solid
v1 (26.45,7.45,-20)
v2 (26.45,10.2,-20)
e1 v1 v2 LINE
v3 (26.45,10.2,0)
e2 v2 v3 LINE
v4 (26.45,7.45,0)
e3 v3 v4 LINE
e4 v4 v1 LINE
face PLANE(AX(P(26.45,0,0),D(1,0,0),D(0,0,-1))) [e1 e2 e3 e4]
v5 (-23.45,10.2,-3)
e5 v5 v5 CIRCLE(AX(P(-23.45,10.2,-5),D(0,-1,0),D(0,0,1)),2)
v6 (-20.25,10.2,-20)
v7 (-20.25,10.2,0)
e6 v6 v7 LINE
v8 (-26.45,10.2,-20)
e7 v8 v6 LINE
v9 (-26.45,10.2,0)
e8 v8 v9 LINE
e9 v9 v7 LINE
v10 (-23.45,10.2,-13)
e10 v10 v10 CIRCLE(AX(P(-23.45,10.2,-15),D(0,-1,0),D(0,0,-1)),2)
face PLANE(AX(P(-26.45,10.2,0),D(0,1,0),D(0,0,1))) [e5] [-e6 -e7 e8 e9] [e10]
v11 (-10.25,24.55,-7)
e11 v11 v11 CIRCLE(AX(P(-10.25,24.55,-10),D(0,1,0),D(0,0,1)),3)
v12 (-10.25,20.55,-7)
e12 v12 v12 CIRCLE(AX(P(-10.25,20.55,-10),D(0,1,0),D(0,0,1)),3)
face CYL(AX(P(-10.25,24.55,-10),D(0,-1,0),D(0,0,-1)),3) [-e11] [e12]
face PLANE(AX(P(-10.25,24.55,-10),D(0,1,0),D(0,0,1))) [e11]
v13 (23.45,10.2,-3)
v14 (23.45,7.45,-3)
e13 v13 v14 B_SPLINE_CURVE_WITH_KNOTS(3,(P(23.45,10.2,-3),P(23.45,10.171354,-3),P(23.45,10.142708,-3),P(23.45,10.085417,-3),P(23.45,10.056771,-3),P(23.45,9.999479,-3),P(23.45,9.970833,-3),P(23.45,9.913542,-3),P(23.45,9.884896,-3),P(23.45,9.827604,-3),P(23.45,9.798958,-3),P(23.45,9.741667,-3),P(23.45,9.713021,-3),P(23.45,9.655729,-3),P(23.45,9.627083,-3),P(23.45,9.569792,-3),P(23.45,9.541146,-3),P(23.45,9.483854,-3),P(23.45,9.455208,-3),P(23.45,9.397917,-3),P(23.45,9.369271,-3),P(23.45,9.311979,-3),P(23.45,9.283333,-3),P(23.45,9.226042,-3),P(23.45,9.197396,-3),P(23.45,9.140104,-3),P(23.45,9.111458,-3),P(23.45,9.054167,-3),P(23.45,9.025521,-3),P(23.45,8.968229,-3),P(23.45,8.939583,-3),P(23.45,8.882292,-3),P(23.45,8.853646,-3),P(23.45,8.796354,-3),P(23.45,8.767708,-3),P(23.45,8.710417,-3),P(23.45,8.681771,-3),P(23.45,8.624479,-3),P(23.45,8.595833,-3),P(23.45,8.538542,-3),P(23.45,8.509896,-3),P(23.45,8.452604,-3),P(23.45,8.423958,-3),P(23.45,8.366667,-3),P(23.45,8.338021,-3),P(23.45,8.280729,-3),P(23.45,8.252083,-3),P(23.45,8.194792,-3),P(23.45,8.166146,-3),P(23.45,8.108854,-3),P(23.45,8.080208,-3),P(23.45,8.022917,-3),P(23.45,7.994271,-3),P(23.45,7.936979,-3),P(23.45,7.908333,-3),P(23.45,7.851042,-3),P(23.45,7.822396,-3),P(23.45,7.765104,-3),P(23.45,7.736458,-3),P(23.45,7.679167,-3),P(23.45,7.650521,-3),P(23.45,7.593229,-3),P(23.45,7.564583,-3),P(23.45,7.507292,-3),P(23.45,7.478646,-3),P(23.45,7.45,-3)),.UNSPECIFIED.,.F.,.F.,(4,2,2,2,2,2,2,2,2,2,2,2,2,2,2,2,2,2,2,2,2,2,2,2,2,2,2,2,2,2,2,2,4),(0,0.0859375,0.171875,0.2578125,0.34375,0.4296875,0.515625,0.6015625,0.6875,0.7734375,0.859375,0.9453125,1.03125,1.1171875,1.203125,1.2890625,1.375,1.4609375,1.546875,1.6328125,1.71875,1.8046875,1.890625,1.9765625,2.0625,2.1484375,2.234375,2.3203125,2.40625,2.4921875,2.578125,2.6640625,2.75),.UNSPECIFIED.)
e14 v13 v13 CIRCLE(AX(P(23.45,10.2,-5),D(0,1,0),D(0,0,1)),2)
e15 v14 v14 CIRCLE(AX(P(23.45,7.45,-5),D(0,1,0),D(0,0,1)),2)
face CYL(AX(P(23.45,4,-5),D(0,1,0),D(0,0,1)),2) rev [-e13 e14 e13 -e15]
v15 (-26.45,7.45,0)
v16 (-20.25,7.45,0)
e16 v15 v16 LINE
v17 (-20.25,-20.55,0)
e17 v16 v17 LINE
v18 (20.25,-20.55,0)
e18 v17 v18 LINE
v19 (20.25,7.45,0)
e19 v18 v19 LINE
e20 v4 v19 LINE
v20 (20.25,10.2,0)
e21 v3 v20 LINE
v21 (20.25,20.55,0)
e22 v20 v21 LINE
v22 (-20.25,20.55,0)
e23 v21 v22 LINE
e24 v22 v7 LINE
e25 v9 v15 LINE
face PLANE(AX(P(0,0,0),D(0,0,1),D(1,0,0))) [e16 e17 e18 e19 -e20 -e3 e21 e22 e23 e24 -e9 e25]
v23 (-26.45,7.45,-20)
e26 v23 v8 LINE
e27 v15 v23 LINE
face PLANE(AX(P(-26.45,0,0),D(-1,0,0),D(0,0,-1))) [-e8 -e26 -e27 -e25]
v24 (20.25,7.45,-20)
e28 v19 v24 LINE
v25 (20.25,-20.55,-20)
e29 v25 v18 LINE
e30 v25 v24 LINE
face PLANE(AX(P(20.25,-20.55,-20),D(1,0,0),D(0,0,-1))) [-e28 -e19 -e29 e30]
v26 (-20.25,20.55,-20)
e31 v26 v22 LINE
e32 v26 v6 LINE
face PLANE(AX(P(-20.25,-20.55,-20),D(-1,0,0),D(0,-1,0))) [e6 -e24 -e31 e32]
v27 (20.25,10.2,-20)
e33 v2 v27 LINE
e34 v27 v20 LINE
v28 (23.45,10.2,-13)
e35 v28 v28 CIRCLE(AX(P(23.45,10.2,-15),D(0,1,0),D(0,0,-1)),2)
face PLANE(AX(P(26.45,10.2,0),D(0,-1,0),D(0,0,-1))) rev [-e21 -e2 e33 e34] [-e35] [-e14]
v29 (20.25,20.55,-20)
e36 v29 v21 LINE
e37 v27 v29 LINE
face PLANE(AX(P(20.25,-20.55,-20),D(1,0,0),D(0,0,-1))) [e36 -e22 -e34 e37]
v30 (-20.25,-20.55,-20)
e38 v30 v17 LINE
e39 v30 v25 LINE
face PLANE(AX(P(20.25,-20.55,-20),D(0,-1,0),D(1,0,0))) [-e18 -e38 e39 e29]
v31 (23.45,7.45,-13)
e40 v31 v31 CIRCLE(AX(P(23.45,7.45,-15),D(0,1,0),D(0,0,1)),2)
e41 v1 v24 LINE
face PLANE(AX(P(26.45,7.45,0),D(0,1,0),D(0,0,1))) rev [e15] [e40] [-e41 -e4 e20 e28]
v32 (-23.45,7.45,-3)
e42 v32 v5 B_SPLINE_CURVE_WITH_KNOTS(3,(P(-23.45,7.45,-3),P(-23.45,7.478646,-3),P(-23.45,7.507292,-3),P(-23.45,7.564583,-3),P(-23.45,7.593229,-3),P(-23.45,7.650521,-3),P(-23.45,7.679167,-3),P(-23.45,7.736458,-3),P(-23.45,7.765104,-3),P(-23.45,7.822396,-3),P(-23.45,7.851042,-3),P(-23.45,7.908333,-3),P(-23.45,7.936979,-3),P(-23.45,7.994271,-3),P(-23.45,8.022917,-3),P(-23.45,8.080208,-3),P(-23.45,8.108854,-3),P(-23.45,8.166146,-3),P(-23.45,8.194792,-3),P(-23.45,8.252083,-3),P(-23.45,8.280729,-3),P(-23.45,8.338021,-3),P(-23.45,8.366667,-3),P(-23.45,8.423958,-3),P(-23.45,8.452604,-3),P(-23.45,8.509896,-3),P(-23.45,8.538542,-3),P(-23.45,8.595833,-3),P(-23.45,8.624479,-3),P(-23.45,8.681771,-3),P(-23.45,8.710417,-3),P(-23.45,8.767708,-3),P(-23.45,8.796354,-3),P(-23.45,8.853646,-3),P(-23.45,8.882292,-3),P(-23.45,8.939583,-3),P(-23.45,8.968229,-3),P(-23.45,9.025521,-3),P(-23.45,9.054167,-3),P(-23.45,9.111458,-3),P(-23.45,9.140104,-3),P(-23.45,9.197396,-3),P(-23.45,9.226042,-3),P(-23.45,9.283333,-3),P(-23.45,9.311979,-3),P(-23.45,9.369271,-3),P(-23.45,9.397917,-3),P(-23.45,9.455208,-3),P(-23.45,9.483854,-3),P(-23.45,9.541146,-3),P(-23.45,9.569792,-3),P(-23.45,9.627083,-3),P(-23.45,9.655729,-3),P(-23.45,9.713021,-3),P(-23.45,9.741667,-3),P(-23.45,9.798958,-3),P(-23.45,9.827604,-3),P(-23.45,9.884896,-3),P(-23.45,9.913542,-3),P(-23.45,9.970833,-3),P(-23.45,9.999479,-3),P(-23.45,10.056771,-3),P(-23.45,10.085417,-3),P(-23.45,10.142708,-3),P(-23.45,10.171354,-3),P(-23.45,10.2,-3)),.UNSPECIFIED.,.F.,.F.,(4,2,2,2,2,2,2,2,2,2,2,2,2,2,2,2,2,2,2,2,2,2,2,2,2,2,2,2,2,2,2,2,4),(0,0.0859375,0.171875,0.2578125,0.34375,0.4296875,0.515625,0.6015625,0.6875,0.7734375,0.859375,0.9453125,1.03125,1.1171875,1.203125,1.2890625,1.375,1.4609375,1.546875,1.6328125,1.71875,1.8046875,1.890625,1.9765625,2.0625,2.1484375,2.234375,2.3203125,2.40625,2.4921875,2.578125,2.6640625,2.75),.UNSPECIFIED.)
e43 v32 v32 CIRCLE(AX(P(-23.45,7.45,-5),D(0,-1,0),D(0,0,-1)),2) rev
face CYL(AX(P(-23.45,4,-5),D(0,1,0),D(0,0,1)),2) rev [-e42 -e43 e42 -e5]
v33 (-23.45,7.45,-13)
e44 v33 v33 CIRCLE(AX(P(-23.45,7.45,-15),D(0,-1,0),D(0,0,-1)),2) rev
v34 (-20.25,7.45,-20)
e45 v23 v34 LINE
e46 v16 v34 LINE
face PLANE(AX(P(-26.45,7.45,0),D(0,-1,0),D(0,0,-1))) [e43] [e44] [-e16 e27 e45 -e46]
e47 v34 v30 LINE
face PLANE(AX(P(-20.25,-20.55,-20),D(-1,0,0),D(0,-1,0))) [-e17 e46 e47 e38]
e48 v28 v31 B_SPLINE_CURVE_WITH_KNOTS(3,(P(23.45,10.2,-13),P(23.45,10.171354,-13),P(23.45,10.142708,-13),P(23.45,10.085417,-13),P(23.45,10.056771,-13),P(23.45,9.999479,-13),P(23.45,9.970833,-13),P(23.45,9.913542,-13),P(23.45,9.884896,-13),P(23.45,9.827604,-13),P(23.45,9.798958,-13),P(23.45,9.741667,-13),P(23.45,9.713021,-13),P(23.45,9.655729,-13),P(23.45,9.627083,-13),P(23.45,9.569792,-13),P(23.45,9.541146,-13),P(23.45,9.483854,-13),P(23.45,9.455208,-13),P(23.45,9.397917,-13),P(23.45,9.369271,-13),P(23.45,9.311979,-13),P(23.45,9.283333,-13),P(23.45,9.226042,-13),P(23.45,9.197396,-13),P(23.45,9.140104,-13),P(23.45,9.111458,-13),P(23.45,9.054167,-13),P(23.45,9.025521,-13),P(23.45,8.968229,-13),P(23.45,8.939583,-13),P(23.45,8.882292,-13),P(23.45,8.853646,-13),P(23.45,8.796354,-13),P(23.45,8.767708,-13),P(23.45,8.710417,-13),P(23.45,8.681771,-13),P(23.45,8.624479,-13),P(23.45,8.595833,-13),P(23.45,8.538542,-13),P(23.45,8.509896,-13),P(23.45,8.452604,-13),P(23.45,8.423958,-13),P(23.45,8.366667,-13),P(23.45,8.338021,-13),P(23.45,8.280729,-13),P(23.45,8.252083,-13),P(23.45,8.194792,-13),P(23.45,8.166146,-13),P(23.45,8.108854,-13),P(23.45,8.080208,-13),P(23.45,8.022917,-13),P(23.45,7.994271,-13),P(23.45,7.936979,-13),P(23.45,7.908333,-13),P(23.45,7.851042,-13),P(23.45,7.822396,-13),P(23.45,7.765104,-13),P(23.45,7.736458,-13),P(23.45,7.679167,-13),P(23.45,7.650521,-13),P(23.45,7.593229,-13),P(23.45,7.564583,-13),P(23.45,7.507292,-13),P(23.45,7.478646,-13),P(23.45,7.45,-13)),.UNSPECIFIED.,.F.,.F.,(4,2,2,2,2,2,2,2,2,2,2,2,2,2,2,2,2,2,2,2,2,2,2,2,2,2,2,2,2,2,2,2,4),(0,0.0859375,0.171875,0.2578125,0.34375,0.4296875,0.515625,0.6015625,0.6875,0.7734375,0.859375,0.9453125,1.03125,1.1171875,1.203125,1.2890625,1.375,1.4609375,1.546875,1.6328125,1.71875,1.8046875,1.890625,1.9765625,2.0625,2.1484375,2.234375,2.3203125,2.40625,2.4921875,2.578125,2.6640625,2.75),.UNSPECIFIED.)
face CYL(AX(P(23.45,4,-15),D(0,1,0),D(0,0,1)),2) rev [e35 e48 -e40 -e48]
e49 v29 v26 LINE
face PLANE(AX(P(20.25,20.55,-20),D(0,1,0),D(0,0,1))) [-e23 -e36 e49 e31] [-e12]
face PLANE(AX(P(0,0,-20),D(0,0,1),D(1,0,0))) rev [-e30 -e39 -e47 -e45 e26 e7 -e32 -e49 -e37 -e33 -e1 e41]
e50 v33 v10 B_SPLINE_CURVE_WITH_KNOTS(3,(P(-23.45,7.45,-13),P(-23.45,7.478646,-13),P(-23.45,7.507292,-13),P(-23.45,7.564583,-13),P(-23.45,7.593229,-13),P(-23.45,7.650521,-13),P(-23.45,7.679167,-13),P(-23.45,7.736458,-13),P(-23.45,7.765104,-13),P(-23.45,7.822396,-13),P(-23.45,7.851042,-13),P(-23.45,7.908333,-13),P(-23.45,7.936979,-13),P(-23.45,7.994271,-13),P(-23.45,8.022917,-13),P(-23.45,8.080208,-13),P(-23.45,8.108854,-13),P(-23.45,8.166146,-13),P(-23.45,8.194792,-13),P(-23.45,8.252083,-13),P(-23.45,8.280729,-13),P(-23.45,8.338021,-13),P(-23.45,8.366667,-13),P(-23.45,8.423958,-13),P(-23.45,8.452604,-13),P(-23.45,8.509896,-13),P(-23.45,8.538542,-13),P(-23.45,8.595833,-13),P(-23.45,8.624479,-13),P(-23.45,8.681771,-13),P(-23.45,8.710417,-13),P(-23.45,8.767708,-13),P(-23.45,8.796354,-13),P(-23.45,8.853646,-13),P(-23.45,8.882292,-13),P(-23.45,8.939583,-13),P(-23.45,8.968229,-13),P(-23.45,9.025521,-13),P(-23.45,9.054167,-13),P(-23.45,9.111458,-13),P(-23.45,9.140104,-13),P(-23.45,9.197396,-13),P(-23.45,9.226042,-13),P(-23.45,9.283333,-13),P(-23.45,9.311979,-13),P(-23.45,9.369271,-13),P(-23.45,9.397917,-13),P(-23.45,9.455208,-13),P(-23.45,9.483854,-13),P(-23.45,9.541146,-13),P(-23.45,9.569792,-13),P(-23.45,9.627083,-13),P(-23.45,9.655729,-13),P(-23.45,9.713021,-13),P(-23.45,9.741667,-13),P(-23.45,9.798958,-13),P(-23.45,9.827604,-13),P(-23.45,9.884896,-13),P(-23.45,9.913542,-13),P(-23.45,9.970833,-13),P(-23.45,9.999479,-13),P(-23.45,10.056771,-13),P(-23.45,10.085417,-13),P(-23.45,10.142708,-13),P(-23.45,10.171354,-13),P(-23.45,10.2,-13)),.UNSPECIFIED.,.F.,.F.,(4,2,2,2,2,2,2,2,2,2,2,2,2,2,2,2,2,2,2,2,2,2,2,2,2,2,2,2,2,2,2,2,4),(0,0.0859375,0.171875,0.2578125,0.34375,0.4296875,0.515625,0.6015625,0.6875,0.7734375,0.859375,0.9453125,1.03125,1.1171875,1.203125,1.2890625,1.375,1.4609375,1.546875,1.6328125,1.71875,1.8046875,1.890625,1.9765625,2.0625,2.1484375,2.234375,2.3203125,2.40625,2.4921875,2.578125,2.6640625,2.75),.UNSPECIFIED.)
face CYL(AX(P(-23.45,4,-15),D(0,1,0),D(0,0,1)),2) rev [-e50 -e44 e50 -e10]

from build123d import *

# Parameters (mm, degrees)
SKETCH_1_W          = 40.5
SKETCH_1_H          = 41.1
EXTRUDE_1_DEPTH     = 20
SKETCH_2_W          = 20
SKETCH_2_H          = 2.75
EXTRUDE_2_DEPTH     = 6.2
SKETCH_3_R          = 2
CUT_EXTRUDE_1_DEPTH = 6.2
SKETCH_4_R          = 3
EXTRUDE_3_DEPTH     = 4


with BuildPart() as part:
    # 草图1 → 凸台-拉伸1 (new body)
    with BuildSketch(Plane.XY):
        Rectangle(SKETCH_1_W, SKETCH_1_H)
    extrude(amount=-EXTRUDE_1_DEPTH)

    # 草图2 → 凸台-拉伸2 (add)
    with BuildSketch(Plane(origin=(20.25, 0, 0), x_dir=(0, 0, -1), z_dir=(1, 0, 0))):
        with Locations((10, 8.825)):
            Rectangle(SKETCH_2_W, SKETCH_2_H)
    extrude_2 = extrude(amount=EXTRUDE_2_DEPTH)

    # 草图3 → 切除-拉伸1 (cut)
    with BuildSketch(Plane(origin=(0, 10.2, 0), x_dir=(1, 0, 0), z_dir=(0, 1, 0))):
        with Locations(Location((23.45, 5, 0), (0, 0, 270))):
            Circle(SKETCH_3_R)
        with Locations(Location((23.45, 15, 0), (0, 0, 270))):
            Circle(SKETCH_3_R)
    cut_extrude_1 = extrude(amount=-CUT_EXTRUDE_1_DEPTH, mode=Mode.SUBTRACT)

    # 镜向2: 凸台-拉伸2, 切除-拉伸1 across plane
    add(extrude_2.mirror(Plane(origin=(0, 0, 0), x_dir=(0, 0, 1), z_dir=(1, 0, 0))))
    add(cut_extrude_1.mirror(Plane(origin=(0, 0, 0), x_dir=(0, 0, 1), z_dir=(1, 0, 0))), mode=Mode.SUBTRACT)

    # 草图4 → 凸台-拉伸3 (add)
    with BuildSketch(Plane(origin=(0, 20.55, 0), x_dir=(1, 0, 0), z_dir=(0, 1, 0))):
        with Locations(Location((-10.25, 10, 0), (0, 0, 270))):
            Circle(SKETCH_4_R)
    extrude(amount=EXTRUDE_3_DEPTH)


solid = part.part
